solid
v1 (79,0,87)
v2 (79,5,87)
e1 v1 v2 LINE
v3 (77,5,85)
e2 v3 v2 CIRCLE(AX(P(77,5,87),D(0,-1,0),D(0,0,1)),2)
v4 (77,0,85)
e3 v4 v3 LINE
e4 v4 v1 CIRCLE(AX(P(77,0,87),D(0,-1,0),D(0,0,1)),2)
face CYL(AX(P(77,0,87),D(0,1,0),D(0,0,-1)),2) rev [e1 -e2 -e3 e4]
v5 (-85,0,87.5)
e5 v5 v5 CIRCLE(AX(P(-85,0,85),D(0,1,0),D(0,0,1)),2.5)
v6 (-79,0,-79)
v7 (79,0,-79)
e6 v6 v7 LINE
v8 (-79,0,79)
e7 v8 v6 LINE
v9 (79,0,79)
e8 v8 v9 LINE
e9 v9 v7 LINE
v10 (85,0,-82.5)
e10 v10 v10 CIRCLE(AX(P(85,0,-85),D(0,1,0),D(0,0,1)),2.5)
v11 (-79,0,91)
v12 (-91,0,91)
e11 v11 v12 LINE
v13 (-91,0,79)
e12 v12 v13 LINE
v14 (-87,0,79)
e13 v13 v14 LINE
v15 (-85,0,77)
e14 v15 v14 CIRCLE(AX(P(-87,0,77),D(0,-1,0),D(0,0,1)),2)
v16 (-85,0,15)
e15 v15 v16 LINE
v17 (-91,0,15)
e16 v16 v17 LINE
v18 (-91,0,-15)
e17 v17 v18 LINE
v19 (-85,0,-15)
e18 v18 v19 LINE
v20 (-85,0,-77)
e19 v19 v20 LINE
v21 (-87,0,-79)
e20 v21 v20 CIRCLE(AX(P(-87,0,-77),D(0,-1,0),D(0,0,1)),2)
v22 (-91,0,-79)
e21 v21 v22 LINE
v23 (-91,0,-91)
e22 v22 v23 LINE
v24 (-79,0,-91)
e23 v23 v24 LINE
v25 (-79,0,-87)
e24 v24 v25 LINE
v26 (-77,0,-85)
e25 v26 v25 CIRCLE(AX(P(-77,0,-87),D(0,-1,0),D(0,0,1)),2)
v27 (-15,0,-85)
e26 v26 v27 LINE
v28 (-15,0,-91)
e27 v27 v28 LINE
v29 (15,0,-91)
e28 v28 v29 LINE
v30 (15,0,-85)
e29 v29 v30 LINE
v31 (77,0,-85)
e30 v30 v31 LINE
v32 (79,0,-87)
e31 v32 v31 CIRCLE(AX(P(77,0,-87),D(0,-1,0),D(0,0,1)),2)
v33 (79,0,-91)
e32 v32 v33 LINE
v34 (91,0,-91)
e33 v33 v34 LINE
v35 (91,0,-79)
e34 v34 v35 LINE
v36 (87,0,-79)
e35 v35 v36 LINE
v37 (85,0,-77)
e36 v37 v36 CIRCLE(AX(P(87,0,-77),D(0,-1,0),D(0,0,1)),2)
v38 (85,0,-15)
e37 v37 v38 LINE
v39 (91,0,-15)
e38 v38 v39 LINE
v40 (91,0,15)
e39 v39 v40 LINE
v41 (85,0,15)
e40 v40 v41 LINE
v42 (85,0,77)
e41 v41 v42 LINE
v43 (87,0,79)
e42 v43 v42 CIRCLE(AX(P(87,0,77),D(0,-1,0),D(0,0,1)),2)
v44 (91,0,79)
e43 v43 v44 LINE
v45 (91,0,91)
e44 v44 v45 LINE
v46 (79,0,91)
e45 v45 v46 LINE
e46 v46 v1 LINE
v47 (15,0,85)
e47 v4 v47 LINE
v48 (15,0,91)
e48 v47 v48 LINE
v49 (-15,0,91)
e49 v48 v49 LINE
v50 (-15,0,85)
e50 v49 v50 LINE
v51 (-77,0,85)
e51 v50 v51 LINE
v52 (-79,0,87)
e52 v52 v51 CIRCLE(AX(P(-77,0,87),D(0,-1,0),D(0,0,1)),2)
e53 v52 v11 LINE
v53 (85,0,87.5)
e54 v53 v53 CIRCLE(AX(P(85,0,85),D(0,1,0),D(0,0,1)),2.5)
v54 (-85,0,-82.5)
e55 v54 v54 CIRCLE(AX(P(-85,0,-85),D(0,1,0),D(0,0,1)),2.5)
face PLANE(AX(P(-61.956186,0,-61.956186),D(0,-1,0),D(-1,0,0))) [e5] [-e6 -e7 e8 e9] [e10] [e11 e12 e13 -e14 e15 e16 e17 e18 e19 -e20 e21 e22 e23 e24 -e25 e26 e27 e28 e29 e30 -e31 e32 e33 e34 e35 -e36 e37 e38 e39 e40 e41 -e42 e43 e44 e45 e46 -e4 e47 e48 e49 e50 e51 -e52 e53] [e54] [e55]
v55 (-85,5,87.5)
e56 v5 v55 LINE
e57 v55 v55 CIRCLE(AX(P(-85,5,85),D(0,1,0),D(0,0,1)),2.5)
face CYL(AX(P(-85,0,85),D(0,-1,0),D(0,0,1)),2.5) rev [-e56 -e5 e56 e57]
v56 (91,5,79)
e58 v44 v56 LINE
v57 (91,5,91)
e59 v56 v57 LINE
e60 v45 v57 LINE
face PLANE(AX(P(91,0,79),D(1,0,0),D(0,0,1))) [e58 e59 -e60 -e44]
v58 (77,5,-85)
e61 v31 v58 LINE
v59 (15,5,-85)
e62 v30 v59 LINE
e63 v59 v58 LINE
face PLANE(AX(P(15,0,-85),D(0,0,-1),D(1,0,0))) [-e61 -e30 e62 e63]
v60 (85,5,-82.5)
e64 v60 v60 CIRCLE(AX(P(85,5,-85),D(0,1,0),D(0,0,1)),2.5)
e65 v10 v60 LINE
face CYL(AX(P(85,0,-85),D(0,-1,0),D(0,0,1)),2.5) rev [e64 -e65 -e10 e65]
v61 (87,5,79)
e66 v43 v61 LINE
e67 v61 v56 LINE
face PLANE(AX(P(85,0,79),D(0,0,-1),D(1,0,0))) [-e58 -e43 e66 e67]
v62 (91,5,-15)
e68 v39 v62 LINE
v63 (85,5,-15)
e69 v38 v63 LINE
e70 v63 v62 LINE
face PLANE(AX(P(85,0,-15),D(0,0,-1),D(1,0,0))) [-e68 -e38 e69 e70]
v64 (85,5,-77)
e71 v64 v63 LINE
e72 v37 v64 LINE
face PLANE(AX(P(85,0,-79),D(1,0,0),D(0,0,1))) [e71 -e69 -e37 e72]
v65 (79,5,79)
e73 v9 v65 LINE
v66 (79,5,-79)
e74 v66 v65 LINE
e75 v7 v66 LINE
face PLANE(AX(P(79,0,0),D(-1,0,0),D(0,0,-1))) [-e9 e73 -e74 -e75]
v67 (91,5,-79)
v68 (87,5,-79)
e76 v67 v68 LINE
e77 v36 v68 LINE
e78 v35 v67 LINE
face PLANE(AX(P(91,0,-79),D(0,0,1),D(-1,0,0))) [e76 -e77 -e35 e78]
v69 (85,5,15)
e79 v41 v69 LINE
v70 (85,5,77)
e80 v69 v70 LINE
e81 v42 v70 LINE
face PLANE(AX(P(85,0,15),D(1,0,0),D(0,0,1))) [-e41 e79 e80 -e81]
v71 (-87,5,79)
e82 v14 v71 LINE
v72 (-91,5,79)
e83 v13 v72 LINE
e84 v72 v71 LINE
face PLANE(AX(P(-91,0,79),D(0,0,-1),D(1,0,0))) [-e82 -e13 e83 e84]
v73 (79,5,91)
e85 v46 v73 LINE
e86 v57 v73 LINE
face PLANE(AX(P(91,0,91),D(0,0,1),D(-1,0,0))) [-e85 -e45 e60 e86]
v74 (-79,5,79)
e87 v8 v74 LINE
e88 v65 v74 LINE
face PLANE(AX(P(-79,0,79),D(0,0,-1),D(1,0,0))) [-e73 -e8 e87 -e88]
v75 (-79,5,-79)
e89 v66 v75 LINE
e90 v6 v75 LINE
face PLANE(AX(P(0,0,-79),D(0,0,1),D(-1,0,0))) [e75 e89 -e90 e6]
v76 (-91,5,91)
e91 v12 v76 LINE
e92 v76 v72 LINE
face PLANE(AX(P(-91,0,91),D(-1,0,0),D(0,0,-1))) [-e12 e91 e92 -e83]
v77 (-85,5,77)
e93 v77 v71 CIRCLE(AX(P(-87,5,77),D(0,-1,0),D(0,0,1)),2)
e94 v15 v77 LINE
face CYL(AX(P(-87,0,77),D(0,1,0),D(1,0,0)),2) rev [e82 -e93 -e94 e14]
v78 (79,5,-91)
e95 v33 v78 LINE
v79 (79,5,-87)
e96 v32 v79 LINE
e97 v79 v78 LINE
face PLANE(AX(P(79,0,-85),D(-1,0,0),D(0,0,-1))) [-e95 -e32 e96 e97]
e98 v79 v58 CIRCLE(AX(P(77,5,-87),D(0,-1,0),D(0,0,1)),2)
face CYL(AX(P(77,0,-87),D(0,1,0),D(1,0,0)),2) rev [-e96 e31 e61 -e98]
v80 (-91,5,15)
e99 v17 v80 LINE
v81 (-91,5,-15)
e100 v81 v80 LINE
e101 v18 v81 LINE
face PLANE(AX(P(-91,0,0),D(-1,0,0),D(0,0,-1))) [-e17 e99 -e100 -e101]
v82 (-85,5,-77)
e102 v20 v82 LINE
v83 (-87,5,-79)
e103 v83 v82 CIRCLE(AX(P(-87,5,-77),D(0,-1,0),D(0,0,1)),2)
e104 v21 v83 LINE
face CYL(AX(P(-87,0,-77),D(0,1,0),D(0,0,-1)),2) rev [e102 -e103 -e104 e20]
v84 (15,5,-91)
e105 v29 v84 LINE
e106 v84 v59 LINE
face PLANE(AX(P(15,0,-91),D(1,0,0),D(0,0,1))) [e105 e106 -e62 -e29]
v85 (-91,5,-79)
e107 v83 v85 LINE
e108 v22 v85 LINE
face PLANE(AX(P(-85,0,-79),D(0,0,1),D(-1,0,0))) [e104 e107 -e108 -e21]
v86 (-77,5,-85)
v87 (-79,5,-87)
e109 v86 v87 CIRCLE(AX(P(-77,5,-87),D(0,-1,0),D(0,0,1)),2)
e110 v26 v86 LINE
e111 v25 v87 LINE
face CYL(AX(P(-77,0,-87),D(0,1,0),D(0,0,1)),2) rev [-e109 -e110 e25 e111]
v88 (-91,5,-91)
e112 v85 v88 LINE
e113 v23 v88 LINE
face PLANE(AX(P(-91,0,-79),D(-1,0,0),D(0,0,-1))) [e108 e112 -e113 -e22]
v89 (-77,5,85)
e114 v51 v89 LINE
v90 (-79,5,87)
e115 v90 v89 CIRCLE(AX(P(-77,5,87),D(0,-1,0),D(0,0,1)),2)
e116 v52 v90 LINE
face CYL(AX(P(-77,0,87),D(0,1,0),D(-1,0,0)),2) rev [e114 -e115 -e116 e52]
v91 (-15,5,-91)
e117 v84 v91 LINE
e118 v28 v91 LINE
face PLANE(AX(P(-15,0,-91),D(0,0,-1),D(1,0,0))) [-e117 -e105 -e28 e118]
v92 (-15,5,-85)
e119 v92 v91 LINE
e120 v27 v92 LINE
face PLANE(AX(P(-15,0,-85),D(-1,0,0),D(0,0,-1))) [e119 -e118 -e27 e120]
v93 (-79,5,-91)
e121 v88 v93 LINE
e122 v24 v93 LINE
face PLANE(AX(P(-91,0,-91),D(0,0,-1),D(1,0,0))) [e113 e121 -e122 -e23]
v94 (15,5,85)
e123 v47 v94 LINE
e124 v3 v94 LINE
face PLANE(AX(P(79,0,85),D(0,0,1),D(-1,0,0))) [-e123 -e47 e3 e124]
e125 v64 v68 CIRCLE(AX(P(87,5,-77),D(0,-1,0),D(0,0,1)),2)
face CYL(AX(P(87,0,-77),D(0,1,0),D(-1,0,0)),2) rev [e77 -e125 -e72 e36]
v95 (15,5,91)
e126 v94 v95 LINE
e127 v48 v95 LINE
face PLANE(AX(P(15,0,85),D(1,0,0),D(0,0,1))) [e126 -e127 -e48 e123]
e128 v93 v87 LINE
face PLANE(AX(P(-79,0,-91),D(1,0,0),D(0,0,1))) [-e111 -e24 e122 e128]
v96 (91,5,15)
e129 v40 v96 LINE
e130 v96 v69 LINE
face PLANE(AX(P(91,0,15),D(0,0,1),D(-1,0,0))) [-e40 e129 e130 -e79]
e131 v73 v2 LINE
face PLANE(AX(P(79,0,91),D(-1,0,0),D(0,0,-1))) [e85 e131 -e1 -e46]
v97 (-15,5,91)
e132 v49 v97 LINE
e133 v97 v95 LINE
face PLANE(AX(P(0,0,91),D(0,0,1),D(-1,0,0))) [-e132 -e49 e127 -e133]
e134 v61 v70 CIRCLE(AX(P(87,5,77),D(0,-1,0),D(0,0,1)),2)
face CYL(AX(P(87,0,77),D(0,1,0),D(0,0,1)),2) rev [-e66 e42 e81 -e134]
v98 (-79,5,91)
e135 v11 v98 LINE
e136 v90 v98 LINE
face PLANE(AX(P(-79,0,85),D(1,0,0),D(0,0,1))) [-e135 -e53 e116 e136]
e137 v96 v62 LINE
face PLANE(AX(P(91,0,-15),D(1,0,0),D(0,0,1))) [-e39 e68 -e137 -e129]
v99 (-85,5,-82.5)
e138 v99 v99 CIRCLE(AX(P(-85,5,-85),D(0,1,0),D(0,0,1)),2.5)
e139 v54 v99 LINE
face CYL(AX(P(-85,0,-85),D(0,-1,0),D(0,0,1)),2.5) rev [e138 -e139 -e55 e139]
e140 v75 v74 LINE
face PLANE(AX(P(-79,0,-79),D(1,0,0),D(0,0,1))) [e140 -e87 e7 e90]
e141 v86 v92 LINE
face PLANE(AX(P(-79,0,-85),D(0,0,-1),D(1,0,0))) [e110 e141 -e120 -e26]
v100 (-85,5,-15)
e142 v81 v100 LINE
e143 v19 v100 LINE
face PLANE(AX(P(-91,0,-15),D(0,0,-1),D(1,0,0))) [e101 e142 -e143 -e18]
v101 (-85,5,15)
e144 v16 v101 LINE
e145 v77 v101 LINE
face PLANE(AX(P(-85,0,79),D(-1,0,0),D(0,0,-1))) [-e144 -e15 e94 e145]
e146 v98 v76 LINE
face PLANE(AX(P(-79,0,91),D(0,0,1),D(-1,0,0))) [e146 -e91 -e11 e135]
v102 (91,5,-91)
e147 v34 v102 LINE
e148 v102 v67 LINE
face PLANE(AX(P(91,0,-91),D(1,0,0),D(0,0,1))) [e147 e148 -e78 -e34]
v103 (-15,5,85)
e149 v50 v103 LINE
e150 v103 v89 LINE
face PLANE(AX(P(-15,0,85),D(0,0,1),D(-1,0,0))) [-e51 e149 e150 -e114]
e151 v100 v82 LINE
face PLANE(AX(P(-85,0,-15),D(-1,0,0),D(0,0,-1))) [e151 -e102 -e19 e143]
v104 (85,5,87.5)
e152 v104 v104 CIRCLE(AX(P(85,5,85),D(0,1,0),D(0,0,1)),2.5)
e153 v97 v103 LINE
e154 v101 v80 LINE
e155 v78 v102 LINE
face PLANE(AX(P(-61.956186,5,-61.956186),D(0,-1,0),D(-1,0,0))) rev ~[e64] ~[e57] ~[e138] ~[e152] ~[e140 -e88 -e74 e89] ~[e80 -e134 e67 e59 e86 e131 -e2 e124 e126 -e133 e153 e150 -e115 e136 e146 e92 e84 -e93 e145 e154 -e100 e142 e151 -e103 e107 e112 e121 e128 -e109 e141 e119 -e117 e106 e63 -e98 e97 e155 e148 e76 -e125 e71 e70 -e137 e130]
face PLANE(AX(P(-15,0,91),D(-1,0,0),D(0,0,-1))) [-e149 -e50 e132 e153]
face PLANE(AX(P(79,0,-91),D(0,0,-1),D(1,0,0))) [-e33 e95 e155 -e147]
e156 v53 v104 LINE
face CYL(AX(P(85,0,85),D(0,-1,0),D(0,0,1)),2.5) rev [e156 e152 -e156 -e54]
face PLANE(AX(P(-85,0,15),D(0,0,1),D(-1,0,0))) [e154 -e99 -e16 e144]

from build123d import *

# Parameters (mm, degrees)
CROQUIS1_R              = 2.5
SALIENTE_EXTRUIR1_DEPTH = 5
REDONDEO1_R             = 2


with BuildPart() as part:
    # Croquis1 → Saliente-Extruir1 (new body)
    # profile 1 of 4: a face of its own
    with BuildSketch(Plane(origin=(0, 0, 0), x_dir=(1, 0, 0), z_dir=(0, 1, 0))):
        Polygon((0, 79), (0, 91), (15, 91), (15, 85), (79, 85), (79, 91), (91, 91), (91, 79), (85, 79), (85, 15), (91, 15), (91, 0), (79, 0), (79, 79), align=None)
        with Locations(Location((85, 85, 0), (0, 0, 270))):
            Circle(CROQUIS1_R, mode=Mode.SUBTRACT)
    # profile 2 of 4: a face of its own
    with BuildSketch(Plane(origin=(0, 0, 0), x_dir=(1, 0, 0), z_dir=(0, 1, 0))):
        Polygon((79, 0), (91, 0), (91, -15), (85, -15), (85, -79), (91, -79), (91, -91), (79, -91), (79, -85), (15, -85), (15, -91), (0, -91), (0, -79), (79, -79), align=None)
        with Locations(Location((85, -85, 0), (0, 0, 270))):
            Circle(CROQUIS1_R, mode=Mode.SUBTRACT)
    # profile 3 of 4: a face of its own
    with BuildSketch(Plane(origin=(0, 0, 0), x_dir=(1, 0, 0), z_dir=(0, 1, 0))):
        Polygon((0, -79), (0, -91), (-15, -91), (-15, -85), (-79, -85), (-79, -91), (-91, -91), (-91, -79), (-85, -79), (-85, -15), (-91, -15), (-91, 0), (-79, 0), (-79, -79), align=None)
        with Locations(Location((-85, -85, 0), (0, 0, 270))):
            Circle(CROQUIS1_R, mode=Mode.SUBTRACT)
    # profile 4 of 4: a face of its own
    with BuildSketch(Plane(origin=(0, 0, 0), x_dir=(1, 0, 0), z_dir=(0, 1, 0))):
        Polygon((0, 79), (-79, 79), (-79, 0), (-91, 0), (-91, 15), (-85, 15), (-85, 79), (-91, 79), (-91, 91), (-79, 91), (-79, 85), (-15, 85), (-15, 91), (0, 91), align=None)
        with Locations(Location((-85, 85, 0), (0, 0, 270))):
            Circle(CROQUIS1_R, mode=Mode.SUBTRACT)
    extrude(amount=SALIENTE_EXTRUIR1_DEPTH)

    # Redondeo1
    redondeo1_edges = [part.edges().sort_by_distance(p)[0] for p in [
        (79, 2.5, -85),
        (85, 2.5, -79),
        (85, 2.5, 79),
        (79, 2.5, 85),
        (-79, 2.5, 85),
        (-85, 2.5, 79),
        (-85, 2.5, -79),
        (-79, 2.5, -85),
    ]]
    fillet(redondeo1_edges, radius=REDONDEO1_R)


solid = part.part
